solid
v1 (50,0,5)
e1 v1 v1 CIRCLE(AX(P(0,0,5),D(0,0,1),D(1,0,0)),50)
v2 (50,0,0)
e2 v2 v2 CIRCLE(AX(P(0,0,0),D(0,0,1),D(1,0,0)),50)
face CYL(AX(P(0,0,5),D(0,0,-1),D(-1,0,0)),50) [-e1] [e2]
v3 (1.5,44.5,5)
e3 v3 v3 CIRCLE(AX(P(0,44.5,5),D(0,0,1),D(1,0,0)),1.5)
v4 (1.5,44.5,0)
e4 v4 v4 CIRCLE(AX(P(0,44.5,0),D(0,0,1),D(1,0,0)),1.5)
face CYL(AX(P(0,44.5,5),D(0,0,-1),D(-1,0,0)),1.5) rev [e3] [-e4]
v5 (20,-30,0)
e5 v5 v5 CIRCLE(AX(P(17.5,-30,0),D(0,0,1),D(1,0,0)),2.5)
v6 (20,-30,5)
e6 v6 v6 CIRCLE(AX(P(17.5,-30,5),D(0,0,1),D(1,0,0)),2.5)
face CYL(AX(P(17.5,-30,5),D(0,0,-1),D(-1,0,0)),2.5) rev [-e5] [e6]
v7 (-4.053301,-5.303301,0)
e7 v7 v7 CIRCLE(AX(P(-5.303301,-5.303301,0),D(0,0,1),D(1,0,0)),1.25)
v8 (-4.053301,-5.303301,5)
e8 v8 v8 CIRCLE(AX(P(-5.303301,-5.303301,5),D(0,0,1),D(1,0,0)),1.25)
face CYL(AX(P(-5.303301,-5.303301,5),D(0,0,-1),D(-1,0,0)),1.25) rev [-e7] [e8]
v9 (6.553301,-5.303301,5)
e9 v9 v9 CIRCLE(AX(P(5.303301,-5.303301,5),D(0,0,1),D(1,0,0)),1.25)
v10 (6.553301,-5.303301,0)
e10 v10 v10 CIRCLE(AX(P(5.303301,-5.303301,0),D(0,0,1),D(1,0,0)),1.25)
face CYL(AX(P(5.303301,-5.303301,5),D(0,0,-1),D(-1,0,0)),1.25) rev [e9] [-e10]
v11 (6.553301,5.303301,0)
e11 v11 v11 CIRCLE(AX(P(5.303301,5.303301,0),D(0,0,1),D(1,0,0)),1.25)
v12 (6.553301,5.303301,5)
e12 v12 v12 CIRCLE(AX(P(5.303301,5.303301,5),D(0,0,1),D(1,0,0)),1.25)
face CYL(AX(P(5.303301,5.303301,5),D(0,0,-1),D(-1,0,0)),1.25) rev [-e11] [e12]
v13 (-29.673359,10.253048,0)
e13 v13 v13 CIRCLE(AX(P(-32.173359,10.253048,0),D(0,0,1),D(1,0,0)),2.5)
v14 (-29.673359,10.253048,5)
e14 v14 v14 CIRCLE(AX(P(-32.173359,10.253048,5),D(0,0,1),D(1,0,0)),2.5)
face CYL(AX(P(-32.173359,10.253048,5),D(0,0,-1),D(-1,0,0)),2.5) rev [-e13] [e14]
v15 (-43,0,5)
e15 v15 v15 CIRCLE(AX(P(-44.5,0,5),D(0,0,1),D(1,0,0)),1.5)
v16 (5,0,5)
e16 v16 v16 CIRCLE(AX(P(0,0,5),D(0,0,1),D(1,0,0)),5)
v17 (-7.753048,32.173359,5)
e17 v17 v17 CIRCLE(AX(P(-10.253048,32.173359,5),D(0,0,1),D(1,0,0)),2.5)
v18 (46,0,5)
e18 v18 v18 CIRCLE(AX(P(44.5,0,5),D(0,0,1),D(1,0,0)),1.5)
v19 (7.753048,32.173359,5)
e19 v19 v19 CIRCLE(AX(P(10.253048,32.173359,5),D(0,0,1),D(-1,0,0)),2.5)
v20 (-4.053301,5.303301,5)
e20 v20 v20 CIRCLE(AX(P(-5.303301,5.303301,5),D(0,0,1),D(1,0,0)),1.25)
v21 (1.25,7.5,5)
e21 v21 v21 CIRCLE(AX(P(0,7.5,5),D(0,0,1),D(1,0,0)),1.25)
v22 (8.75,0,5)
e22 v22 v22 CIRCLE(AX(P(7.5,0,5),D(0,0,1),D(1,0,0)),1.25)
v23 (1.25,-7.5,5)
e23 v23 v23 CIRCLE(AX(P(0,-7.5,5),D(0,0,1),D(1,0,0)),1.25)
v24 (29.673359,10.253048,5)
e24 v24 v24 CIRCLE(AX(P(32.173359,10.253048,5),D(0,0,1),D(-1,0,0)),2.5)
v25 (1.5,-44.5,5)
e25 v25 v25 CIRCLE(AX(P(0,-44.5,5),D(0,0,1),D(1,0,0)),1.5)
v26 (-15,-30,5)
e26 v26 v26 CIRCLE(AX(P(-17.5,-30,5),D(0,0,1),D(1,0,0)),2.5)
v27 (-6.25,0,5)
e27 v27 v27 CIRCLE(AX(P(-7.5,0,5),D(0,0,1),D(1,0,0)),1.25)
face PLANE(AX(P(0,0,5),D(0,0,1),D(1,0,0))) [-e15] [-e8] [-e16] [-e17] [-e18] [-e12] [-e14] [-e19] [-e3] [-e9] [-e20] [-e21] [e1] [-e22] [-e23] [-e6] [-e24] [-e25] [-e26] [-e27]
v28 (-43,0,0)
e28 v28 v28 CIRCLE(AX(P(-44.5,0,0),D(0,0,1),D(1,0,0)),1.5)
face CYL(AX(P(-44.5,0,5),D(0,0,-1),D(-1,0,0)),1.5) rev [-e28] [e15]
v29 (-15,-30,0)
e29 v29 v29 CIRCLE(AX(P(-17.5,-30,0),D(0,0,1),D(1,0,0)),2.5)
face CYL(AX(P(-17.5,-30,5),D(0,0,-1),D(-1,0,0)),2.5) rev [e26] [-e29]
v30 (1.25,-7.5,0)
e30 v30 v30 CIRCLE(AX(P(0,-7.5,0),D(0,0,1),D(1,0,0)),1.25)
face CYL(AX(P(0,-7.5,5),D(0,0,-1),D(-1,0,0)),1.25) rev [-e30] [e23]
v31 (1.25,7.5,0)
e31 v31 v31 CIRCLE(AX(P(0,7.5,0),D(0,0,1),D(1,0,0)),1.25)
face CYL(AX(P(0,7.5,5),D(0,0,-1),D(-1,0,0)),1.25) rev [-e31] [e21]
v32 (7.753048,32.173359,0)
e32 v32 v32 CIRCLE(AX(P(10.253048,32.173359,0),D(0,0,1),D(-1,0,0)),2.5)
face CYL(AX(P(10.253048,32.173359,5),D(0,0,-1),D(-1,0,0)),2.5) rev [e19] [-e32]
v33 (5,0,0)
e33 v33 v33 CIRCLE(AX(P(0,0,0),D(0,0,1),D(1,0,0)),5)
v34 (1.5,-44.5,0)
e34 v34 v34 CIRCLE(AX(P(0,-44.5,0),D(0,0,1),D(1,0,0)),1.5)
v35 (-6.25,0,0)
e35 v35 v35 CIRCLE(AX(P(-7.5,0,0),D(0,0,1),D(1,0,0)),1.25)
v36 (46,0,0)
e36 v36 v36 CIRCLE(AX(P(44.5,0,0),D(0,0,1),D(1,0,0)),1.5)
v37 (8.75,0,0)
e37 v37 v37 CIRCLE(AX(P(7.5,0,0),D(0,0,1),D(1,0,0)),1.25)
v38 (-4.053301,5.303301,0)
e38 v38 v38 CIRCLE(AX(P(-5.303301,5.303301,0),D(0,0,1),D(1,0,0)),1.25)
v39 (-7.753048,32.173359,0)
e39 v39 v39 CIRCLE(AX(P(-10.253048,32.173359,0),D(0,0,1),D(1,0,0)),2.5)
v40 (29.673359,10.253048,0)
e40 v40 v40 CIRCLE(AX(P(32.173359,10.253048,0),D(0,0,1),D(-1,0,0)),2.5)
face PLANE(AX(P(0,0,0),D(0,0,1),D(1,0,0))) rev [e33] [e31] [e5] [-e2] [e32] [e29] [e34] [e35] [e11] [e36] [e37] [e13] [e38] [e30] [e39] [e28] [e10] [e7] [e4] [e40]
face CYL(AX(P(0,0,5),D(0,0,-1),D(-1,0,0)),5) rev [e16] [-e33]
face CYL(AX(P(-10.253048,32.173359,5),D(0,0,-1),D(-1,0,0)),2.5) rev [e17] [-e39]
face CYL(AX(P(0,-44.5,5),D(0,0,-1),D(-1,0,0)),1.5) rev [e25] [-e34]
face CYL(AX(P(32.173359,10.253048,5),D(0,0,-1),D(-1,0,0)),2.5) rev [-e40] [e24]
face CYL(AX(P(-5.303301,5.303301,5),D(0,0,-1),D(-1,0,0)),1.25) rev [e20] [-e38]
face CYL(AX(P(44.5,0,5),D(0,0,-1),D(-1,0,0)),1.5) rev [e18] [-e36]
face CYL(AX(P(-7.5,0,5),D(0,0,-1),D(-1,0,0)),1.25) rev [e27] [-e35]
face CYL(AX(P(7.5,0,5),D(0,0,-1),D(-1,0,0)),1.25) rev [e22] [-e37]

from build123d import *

# Parameters (mm, degrees)
SKETCH_1_R      = 50
SKETCH_1_R_2    = 1.5
SKETCH_1_R_3    = 1.25
SKETCH_1_R_4    = 5
SKETCH_1_R_5    = 2.5
EXTRUDE_1_DEPTH = 5


with BuildPart() as part:
    # 草图1 → 凸台-拉伸1 (new body)
    with BuildSketch(Plane.XY):
        Circle(SKETCH_1_R)
        with Locations((0, 44.5)):
            Circle(SKETCH_1_R_2, mode=Mode.SUBTRACT)
        with Locations((44.5, 0)):
            Circle(SKETCH_1_R_2, mode=Mode.SUBTRACT)
        with Locations((0, -44.5)):
            Circle(SKETCH_1_R_2, mode=Mode.SUBTRACT)
        with Locations((-44.5, 0)):
            Circle(SKETCH_1_R_2, mode=Mode.SUBTRACT)
        with Locations((0, 7.5)):
            Circle(SKETCH_1_R_3, mode=Mode.SUBTRACT)
        with Locations((5.303300859, 5.303300859)):
            Circle(SKETCH_1_R_3, mode=Mode.SUBTRACT)
        with Locations((7.5, 0)):
            Circle(SKETCH_1_R_3, mode=Mode.SUBTRACT)
        with Locations((5.303300859, -5.303300859)):
            Circle(SKETCH_1_R_3, mode=Mode.SUBTRACT)
        with Locations((0, -7.5)):
            Circle(SKETCH_1_R_3, mode=Mode.SUBTRACT)
        with Locations((-5.303300859, -5.303300859)):
            Circle(SKETCH_1_R_3, mode=Mode.SUBTRACT)
        with Locations((-7.5, 0)):
            Circle(SKETCH_1_R_3, mode=Mode.SUBTRACT)
        with Locations((-5.303300859, 5.303300859)):
            Circle(SKETCH_1_R_3, mode=Mode.SUBTRACT)
        Circle(SKETCH_1_R_4, mode=Mode.SUBTRACT)
        with Locations((-10.253048327, 32.173358544)):
            Circle(SKETCH_1_R_5, mode=Mode.SUBTRACT)
        with Locations((-32.173358544, 10.253048327)):
            Circle(SKETCH_1_R_5, mode=Mode.SUBTRACT)
        with Locations(Location((10.253048327, 32.173358544, 0), (0, 0, 180))):
            Circle(SKETCH_1_R_5, mode=Mode.SUBTRACT)
        with Locations(Location((32.173358544, 10.253048327, 0), (0, 0, 180))):
            Circle(SKETCH_1_R_5, mode=Mode.SUBTRACT)
        with Locations((-17.5, -30)):
            Circle(SKETCH_1_R_5, mode=Mode.SUBTRACT)
        with Locations((17.5, -30)):
            Circle(SKETCH_1_R_5, mode=Mode.SUBTRACT)
    extrude(amount=EXTRUDE_1_DEPTH)


solid = part.part
